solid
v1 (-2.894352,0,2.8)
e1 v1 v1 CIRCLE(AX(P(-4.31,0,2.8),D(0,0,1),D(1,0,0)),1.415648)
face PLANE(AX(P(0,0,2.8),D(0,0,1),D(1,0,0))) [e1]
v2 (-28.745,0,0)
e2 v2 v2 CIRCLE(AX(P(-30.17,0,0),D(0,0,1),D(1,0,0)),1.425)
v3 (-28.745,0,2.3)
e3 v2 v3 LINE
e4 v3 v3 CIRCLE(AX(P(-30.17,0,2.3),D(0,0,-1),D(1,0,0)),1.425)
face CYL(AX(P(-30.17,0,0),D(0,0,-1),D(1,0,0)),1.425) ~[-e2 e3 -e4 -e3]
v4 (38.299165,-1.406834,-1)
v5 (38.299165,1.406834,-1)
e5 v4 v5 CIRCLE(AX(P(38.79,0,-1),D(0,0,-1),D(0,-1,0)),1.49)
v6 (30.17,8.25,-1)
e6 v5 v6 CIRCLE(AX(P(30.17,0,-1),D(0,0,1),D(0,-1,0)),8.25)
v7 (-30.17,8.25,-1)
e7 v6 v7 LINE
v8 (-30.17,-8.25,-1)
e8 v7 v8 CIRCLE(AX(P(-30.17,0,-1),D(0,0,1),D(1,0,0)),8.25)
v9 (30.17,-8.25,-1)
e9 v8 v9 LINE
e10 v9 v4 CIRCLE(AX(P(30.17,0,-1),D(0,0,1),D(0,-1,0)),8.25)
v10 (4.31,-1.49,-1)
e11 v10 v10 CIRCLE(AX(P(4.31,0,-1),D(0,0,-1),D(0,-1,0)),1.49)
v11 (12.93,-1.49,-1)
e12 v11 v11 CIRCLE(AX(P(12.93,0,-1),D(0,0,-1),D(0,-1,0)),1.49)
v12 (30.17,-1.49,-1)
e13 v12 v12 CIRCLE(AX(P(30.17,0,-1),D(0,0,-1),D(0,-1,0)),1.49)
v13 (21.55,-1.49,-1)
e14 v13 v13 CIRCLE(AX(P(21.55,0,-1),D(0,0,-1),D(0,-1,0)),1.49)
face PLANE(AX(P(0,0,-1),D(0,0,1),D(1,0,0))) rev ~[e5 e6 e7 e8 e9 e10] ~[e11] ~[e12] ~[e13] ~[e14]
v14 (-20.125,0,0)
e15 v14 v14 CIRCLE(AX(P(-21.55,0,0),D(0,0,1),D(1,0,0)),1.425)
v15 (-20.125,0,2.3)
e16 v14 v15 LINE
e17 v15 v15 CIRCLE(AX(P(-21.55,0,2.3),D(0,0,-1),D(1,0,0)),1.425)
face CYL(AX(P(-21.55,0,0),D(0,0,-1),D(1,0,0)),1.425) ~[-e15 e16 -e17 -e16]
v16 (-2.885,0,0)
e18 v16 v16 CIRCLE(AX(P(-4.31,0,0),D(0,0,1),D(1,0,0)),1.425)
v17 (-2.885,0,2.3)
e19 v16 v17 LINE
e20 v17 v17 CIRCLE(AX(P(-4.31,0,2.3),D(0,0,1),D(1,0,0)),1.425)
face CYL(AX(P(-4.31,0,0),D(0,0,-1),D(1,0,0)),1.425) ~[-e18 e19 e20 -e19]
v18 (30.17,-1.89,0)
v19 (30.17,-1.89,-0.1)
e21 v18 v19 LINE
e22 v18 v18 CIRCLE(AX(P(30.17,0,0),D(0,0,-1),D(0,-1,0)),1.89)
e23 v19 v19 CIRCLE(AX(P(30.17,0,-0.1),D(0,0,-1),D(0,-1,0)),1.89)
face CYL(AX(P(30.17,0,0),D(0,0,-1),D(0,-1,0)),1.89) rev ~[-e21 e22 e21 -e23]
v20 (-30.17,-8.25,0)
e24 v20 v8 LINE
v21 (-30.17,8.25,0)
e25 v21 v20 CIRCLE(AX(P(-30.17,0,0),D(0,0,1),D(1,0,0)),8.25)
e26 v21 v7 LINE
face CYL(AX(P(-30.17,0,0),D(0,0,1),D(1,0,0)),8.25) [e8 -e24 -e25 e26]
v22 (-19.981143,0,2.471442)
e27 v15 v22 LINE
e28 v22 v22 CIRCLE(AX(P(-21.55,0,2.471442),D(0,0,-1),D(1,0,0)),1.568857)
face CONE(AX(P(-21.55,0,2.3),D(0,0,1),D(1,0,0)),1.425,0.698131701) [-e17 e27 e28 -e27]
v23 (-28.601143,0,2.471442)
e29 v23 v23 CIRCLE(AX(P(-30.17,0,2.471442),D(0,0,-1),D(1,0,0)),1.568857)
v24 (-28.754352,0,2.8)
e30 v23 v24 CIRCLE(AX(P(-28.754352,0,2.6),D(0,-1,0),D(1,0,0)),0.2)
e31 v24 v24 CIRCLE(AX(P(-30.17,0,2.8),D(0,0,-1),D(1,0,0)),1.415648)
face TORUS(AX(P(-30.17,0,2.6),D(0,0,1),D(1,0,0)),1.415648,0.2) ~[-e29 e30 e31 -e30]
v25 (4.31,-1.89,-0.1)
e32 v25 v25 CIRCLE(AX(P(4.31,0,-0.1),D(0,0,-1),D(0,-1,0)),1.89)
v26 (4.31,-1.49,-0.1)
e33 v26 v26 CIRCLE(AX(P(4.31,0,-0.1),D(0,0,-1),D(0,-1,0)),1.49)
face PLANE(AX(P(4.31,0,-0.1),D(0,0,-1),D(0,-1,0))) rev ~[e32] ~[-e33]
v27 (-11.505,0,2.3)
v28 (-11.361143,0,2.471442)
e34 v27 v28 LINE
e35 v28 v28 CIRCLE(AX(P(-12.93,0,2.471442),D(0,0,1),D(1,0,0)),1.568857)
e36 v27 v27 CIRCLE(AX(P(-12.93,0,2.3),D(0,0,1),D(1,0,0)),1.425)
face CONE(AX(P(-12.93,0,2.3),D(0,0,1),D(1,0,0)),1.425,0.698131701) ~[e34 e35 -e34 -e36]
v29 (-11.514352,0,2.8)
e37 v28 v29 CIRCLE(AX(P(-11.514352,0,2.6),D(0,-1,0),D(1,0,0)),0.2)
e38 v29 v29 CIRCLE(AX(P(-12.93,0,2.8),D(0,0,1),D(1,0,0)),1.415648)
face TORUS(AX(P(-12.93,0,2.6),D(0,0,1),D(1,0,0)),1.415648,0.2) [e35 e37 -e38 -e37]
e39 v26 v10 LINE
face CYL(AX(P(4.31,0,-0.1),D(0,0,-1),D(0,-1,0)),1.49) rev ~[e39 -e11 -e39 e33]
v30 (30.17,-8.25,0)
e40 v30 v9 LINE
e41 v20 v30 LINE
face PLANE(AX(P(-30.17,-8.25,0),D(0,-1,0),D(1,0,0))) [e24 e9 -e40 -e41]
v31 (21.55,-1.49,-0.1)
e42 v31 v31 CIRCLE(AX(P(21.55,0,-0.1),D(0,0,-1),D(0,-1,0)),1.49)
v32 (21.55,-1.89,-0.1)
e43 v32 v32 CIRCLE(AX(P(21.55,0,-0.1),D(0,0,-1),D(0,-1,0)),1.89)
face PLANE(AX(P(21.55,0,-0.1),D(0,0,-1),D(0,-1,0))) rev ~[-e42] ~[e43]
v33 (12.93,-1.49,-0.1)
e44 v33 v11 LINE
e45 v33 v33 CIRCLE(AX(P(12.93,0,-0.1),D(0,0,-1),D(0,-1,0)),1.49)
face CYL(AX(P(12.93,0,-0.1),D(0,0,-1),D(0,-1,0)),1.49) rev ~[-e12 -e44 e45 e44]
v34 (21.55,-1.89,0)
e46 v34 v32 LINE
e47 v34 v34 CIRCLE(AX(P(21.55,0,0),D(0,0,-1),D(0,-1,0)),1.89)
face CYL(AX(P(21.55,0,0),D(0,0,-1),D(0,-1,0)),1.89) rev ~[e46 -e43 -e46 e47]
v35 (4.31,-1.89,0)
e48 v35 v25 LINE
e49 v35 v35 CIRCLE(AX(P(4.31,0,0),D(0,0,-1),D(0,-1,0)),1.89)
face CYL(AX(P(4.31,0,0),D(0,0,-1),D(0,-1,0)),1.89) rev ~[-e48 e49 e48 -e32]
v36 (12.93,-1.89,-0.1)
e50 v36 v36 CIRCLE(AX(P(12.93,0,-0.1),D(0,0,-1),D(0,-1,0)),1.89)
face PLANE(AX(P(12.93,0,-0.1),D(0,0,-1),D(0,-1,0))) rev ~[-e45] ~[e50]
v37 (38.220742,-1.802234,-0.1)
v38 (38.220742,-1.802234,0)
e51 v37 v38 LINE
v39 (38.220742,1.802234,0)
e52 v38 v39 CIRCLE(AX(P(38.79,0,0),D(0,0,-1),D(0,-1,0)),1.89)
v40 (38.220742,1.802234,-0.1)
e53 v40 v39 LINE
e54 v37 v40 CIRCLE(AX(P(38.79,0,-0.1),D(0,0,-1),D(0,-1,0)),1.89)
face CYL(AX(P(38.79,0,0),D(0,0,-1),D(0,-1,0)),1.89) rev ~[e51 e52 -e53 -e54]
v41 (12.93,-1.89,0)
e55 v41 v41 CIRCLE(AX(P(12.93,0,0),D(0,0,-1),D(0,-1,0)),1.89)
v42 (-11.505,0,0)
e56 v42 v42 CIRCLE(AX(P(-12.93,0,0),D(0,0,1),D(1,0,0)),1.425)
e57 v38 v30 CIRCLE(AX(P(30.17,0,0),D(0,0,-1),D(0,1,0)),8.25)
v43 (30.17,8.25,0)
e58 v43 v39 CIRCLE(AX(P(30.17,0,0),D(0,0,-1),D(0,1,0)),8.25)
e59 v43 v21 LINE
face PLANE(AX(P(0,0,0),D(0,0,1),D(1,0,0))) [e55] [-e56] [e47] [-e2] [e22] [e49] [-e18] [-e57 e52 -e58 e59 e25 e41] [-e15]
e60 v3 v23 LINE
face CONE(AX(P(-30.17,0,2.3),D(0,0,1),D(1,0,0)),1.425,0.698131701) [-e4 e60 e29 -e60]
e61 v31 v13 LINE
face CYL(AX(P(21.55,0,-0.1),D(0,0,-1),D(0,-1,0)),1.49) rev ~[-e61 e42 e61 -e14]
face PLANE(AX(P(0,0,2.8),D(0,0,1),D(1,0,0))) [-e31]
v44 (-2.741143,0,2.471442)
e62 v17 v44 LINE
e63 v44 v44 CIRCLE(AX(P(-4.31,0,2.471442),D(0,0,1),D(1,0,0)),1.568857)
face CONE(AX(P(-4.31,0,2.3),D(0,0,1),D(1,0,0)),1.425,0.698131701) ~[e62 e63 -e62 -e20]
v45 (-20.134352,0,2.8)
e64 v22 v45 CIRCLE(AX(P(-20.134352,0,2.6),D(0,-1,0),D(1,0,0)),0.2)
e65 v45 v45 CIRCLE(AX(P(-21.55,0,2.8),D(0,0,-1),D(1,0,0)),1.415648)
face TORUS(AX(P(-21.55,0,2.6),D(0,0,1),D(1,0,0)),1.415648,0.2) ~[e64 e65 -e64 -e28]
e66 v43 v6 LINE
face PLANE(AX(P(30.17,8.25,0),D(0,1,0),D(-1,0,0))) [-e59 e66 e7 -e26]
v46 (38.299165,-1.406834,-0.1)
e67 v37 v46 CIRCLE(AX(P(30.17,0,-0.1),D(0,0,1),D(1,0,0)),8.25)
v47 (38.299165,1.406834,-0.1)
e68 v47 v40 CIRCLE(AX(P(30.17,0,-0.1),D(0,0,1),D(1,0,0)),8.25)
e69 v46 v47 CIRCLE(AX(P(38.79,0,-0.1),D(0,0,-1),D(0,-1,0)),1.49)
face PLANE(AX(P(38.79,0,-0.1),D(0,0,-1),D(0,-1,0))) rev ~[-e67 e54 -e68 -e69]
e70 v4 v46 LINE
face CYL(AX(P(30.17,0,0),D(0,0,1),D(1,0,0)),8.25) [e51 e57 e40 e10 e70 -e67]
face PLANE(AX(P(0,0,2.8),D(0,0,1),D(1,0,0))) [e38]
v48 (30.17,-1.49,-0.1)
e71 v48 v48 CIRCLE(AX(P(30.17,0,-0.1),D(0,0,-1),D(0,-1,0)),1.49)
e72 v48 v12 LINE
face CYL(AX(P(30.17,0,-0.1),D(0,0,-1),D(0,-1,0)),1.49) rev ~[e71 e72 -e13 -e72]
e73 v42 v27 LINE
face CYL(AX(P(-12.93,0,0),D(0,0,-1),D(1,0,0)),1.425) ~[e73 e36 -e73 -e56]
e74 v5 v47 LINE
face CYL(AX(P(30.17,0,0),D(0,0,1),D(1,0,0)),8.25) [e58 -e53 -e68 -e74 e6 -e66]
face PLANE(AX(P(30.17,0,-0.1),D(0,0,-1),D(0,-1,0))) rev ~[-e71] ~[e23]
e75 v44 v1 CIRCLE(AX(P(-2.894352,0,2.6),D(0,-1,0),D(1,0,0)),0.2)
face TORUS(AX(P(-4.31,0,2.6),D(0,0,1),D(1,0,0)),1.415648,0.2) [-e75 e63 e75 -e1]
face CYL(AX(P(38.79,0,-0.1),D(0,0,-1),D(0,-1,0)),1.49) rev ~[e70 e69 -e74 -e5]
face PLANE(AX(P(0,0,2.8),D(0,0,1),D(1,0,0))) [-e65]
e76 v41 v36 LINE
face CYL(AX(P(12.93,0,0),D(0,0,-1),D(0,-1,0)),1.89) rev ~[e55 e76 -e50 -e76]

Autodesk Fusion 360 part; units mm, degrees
sketch "Sketch1" plane through (0, 0, 0) normal (0, 0, 1) x (1, 0, 0)
  line L0 (30.17, 8.25) -> (-30.17, 8.25)
  line L1 (-30.17, 8.25) -> (-30.17, -8.25)
  line L2 (-30.17, -8.25) -> (30.17, -8.25)
  line L3 (30.17, -8.25) -> (30.17, 8.25)
  line L4 (30.17, 8.25) -> (-30.17, -8.25) construction
  line L5 (-30.17, 8.25) -> (30.17, -8.25) construction
  circle A0 centre (-30.17, 0) radius 8.25
  circle A1 centre (30.17, 0) radius 8.25
  circle A2 centre (-30.17, 0) radius 1.425
  circle A3 centre (-21.55, 0) radius 1.425
  circle A4 centre (-12.93, 0) radius 1.425
  circle A5 centre (-4.31, 0) radius 1.425
  circle A6 centre (4.31, 0) radius 1.425
  circle A7 centre (12.93, 0) radius 1.425
  circle A8 centre (21.55, 0) radius 1.425
  circle A9 centre (30.17, 0) radius 1.425
  circle A10 centre (38.79, 0) radius 1.425
  point P0 (-21.55, 0)
  point P1 (-12.93, 0)
  point P2 (-4.31, 0)
  point P3 (4.31, 0)
  point P4 (12.93, 0)
  point P5 (21.55, 0)
  point P6 (30.17, 0)
  point P7 (38.79, 0)
  dimension "d5" = 60.34
  dimension "d6" = 16.5
  dimension "d7" = 16.5
  dimension "d8" = 16.5
  dimension "d11" = 8.62
  dimension "d12" = 0
  dimension "d20" = 2.85
extrude "Extrude1" add sketch "Sketch1" against normal blind 1 contours L0 L2 A0 A1 A3 A8 | L3 A1 A9 A10 | L3 A1 A8 A9 | L1 A0 A2 A3 | L1 A0 A2 | L3 A9 | L3 A9 | A1 A10 | A1 A8 | A1 A8 | L1 A2 | L1 A2 | A0 A3 | A0 A3 | A4 | A5 | A6 | A7 picked at (38.0754, -0.2518)
hole "Hole1" at (30.17, 0, 0) at (21.55, 0, 0) at (12.93, 0, 0) at (4.31, 0, 0) at (38.79, 0, 0) direction (0, 0, -1) diameter 2.98 depth 1 tip angle 180 counterbore diameter 3.78 counterbore depth 0.1
extrude "Extrude2" add sketch "Sketch1" along normal blind 2.3 contours L1 A2 | L1 A2 | A0 A3 | A0 A3 | A4 | A5
extrude "Extrude3" add 4 faces at (-29.742, 0.2061, 2.3) (-21.1404, 0.7307, 2.3) (-12.4592, -0.4905, 2.3) (-5.0064, 0.28, 2.3) along direction (0, 0, 1) blind 0.5 draft 40
fillet "Fillet1" radius 0.2 4 edges at (-6.0297, 0.667, 2.8) (-14.6497, 0.667, 2.8) (-23.2697, 0.667, 2.8) (-31.8897, 0.667, 2.8)
equation "strapwidth = 16.5 mm"
equation "holedia = 2.98 mm"
equation "holespacing = 11.6 mm - holedia"
equation "pegdia = 2.85 mm"
equation "d5 = holespacing * 7"
equation "d6 = strapwidth"
equation "d7 = strapwidth"
equation "d8 = strapwidth"
equation "d11 = holespacing"
equation "d16 = holedia"
equation "d19 = holedia + 0.8 mm"
equation "d20 = pegdia"
